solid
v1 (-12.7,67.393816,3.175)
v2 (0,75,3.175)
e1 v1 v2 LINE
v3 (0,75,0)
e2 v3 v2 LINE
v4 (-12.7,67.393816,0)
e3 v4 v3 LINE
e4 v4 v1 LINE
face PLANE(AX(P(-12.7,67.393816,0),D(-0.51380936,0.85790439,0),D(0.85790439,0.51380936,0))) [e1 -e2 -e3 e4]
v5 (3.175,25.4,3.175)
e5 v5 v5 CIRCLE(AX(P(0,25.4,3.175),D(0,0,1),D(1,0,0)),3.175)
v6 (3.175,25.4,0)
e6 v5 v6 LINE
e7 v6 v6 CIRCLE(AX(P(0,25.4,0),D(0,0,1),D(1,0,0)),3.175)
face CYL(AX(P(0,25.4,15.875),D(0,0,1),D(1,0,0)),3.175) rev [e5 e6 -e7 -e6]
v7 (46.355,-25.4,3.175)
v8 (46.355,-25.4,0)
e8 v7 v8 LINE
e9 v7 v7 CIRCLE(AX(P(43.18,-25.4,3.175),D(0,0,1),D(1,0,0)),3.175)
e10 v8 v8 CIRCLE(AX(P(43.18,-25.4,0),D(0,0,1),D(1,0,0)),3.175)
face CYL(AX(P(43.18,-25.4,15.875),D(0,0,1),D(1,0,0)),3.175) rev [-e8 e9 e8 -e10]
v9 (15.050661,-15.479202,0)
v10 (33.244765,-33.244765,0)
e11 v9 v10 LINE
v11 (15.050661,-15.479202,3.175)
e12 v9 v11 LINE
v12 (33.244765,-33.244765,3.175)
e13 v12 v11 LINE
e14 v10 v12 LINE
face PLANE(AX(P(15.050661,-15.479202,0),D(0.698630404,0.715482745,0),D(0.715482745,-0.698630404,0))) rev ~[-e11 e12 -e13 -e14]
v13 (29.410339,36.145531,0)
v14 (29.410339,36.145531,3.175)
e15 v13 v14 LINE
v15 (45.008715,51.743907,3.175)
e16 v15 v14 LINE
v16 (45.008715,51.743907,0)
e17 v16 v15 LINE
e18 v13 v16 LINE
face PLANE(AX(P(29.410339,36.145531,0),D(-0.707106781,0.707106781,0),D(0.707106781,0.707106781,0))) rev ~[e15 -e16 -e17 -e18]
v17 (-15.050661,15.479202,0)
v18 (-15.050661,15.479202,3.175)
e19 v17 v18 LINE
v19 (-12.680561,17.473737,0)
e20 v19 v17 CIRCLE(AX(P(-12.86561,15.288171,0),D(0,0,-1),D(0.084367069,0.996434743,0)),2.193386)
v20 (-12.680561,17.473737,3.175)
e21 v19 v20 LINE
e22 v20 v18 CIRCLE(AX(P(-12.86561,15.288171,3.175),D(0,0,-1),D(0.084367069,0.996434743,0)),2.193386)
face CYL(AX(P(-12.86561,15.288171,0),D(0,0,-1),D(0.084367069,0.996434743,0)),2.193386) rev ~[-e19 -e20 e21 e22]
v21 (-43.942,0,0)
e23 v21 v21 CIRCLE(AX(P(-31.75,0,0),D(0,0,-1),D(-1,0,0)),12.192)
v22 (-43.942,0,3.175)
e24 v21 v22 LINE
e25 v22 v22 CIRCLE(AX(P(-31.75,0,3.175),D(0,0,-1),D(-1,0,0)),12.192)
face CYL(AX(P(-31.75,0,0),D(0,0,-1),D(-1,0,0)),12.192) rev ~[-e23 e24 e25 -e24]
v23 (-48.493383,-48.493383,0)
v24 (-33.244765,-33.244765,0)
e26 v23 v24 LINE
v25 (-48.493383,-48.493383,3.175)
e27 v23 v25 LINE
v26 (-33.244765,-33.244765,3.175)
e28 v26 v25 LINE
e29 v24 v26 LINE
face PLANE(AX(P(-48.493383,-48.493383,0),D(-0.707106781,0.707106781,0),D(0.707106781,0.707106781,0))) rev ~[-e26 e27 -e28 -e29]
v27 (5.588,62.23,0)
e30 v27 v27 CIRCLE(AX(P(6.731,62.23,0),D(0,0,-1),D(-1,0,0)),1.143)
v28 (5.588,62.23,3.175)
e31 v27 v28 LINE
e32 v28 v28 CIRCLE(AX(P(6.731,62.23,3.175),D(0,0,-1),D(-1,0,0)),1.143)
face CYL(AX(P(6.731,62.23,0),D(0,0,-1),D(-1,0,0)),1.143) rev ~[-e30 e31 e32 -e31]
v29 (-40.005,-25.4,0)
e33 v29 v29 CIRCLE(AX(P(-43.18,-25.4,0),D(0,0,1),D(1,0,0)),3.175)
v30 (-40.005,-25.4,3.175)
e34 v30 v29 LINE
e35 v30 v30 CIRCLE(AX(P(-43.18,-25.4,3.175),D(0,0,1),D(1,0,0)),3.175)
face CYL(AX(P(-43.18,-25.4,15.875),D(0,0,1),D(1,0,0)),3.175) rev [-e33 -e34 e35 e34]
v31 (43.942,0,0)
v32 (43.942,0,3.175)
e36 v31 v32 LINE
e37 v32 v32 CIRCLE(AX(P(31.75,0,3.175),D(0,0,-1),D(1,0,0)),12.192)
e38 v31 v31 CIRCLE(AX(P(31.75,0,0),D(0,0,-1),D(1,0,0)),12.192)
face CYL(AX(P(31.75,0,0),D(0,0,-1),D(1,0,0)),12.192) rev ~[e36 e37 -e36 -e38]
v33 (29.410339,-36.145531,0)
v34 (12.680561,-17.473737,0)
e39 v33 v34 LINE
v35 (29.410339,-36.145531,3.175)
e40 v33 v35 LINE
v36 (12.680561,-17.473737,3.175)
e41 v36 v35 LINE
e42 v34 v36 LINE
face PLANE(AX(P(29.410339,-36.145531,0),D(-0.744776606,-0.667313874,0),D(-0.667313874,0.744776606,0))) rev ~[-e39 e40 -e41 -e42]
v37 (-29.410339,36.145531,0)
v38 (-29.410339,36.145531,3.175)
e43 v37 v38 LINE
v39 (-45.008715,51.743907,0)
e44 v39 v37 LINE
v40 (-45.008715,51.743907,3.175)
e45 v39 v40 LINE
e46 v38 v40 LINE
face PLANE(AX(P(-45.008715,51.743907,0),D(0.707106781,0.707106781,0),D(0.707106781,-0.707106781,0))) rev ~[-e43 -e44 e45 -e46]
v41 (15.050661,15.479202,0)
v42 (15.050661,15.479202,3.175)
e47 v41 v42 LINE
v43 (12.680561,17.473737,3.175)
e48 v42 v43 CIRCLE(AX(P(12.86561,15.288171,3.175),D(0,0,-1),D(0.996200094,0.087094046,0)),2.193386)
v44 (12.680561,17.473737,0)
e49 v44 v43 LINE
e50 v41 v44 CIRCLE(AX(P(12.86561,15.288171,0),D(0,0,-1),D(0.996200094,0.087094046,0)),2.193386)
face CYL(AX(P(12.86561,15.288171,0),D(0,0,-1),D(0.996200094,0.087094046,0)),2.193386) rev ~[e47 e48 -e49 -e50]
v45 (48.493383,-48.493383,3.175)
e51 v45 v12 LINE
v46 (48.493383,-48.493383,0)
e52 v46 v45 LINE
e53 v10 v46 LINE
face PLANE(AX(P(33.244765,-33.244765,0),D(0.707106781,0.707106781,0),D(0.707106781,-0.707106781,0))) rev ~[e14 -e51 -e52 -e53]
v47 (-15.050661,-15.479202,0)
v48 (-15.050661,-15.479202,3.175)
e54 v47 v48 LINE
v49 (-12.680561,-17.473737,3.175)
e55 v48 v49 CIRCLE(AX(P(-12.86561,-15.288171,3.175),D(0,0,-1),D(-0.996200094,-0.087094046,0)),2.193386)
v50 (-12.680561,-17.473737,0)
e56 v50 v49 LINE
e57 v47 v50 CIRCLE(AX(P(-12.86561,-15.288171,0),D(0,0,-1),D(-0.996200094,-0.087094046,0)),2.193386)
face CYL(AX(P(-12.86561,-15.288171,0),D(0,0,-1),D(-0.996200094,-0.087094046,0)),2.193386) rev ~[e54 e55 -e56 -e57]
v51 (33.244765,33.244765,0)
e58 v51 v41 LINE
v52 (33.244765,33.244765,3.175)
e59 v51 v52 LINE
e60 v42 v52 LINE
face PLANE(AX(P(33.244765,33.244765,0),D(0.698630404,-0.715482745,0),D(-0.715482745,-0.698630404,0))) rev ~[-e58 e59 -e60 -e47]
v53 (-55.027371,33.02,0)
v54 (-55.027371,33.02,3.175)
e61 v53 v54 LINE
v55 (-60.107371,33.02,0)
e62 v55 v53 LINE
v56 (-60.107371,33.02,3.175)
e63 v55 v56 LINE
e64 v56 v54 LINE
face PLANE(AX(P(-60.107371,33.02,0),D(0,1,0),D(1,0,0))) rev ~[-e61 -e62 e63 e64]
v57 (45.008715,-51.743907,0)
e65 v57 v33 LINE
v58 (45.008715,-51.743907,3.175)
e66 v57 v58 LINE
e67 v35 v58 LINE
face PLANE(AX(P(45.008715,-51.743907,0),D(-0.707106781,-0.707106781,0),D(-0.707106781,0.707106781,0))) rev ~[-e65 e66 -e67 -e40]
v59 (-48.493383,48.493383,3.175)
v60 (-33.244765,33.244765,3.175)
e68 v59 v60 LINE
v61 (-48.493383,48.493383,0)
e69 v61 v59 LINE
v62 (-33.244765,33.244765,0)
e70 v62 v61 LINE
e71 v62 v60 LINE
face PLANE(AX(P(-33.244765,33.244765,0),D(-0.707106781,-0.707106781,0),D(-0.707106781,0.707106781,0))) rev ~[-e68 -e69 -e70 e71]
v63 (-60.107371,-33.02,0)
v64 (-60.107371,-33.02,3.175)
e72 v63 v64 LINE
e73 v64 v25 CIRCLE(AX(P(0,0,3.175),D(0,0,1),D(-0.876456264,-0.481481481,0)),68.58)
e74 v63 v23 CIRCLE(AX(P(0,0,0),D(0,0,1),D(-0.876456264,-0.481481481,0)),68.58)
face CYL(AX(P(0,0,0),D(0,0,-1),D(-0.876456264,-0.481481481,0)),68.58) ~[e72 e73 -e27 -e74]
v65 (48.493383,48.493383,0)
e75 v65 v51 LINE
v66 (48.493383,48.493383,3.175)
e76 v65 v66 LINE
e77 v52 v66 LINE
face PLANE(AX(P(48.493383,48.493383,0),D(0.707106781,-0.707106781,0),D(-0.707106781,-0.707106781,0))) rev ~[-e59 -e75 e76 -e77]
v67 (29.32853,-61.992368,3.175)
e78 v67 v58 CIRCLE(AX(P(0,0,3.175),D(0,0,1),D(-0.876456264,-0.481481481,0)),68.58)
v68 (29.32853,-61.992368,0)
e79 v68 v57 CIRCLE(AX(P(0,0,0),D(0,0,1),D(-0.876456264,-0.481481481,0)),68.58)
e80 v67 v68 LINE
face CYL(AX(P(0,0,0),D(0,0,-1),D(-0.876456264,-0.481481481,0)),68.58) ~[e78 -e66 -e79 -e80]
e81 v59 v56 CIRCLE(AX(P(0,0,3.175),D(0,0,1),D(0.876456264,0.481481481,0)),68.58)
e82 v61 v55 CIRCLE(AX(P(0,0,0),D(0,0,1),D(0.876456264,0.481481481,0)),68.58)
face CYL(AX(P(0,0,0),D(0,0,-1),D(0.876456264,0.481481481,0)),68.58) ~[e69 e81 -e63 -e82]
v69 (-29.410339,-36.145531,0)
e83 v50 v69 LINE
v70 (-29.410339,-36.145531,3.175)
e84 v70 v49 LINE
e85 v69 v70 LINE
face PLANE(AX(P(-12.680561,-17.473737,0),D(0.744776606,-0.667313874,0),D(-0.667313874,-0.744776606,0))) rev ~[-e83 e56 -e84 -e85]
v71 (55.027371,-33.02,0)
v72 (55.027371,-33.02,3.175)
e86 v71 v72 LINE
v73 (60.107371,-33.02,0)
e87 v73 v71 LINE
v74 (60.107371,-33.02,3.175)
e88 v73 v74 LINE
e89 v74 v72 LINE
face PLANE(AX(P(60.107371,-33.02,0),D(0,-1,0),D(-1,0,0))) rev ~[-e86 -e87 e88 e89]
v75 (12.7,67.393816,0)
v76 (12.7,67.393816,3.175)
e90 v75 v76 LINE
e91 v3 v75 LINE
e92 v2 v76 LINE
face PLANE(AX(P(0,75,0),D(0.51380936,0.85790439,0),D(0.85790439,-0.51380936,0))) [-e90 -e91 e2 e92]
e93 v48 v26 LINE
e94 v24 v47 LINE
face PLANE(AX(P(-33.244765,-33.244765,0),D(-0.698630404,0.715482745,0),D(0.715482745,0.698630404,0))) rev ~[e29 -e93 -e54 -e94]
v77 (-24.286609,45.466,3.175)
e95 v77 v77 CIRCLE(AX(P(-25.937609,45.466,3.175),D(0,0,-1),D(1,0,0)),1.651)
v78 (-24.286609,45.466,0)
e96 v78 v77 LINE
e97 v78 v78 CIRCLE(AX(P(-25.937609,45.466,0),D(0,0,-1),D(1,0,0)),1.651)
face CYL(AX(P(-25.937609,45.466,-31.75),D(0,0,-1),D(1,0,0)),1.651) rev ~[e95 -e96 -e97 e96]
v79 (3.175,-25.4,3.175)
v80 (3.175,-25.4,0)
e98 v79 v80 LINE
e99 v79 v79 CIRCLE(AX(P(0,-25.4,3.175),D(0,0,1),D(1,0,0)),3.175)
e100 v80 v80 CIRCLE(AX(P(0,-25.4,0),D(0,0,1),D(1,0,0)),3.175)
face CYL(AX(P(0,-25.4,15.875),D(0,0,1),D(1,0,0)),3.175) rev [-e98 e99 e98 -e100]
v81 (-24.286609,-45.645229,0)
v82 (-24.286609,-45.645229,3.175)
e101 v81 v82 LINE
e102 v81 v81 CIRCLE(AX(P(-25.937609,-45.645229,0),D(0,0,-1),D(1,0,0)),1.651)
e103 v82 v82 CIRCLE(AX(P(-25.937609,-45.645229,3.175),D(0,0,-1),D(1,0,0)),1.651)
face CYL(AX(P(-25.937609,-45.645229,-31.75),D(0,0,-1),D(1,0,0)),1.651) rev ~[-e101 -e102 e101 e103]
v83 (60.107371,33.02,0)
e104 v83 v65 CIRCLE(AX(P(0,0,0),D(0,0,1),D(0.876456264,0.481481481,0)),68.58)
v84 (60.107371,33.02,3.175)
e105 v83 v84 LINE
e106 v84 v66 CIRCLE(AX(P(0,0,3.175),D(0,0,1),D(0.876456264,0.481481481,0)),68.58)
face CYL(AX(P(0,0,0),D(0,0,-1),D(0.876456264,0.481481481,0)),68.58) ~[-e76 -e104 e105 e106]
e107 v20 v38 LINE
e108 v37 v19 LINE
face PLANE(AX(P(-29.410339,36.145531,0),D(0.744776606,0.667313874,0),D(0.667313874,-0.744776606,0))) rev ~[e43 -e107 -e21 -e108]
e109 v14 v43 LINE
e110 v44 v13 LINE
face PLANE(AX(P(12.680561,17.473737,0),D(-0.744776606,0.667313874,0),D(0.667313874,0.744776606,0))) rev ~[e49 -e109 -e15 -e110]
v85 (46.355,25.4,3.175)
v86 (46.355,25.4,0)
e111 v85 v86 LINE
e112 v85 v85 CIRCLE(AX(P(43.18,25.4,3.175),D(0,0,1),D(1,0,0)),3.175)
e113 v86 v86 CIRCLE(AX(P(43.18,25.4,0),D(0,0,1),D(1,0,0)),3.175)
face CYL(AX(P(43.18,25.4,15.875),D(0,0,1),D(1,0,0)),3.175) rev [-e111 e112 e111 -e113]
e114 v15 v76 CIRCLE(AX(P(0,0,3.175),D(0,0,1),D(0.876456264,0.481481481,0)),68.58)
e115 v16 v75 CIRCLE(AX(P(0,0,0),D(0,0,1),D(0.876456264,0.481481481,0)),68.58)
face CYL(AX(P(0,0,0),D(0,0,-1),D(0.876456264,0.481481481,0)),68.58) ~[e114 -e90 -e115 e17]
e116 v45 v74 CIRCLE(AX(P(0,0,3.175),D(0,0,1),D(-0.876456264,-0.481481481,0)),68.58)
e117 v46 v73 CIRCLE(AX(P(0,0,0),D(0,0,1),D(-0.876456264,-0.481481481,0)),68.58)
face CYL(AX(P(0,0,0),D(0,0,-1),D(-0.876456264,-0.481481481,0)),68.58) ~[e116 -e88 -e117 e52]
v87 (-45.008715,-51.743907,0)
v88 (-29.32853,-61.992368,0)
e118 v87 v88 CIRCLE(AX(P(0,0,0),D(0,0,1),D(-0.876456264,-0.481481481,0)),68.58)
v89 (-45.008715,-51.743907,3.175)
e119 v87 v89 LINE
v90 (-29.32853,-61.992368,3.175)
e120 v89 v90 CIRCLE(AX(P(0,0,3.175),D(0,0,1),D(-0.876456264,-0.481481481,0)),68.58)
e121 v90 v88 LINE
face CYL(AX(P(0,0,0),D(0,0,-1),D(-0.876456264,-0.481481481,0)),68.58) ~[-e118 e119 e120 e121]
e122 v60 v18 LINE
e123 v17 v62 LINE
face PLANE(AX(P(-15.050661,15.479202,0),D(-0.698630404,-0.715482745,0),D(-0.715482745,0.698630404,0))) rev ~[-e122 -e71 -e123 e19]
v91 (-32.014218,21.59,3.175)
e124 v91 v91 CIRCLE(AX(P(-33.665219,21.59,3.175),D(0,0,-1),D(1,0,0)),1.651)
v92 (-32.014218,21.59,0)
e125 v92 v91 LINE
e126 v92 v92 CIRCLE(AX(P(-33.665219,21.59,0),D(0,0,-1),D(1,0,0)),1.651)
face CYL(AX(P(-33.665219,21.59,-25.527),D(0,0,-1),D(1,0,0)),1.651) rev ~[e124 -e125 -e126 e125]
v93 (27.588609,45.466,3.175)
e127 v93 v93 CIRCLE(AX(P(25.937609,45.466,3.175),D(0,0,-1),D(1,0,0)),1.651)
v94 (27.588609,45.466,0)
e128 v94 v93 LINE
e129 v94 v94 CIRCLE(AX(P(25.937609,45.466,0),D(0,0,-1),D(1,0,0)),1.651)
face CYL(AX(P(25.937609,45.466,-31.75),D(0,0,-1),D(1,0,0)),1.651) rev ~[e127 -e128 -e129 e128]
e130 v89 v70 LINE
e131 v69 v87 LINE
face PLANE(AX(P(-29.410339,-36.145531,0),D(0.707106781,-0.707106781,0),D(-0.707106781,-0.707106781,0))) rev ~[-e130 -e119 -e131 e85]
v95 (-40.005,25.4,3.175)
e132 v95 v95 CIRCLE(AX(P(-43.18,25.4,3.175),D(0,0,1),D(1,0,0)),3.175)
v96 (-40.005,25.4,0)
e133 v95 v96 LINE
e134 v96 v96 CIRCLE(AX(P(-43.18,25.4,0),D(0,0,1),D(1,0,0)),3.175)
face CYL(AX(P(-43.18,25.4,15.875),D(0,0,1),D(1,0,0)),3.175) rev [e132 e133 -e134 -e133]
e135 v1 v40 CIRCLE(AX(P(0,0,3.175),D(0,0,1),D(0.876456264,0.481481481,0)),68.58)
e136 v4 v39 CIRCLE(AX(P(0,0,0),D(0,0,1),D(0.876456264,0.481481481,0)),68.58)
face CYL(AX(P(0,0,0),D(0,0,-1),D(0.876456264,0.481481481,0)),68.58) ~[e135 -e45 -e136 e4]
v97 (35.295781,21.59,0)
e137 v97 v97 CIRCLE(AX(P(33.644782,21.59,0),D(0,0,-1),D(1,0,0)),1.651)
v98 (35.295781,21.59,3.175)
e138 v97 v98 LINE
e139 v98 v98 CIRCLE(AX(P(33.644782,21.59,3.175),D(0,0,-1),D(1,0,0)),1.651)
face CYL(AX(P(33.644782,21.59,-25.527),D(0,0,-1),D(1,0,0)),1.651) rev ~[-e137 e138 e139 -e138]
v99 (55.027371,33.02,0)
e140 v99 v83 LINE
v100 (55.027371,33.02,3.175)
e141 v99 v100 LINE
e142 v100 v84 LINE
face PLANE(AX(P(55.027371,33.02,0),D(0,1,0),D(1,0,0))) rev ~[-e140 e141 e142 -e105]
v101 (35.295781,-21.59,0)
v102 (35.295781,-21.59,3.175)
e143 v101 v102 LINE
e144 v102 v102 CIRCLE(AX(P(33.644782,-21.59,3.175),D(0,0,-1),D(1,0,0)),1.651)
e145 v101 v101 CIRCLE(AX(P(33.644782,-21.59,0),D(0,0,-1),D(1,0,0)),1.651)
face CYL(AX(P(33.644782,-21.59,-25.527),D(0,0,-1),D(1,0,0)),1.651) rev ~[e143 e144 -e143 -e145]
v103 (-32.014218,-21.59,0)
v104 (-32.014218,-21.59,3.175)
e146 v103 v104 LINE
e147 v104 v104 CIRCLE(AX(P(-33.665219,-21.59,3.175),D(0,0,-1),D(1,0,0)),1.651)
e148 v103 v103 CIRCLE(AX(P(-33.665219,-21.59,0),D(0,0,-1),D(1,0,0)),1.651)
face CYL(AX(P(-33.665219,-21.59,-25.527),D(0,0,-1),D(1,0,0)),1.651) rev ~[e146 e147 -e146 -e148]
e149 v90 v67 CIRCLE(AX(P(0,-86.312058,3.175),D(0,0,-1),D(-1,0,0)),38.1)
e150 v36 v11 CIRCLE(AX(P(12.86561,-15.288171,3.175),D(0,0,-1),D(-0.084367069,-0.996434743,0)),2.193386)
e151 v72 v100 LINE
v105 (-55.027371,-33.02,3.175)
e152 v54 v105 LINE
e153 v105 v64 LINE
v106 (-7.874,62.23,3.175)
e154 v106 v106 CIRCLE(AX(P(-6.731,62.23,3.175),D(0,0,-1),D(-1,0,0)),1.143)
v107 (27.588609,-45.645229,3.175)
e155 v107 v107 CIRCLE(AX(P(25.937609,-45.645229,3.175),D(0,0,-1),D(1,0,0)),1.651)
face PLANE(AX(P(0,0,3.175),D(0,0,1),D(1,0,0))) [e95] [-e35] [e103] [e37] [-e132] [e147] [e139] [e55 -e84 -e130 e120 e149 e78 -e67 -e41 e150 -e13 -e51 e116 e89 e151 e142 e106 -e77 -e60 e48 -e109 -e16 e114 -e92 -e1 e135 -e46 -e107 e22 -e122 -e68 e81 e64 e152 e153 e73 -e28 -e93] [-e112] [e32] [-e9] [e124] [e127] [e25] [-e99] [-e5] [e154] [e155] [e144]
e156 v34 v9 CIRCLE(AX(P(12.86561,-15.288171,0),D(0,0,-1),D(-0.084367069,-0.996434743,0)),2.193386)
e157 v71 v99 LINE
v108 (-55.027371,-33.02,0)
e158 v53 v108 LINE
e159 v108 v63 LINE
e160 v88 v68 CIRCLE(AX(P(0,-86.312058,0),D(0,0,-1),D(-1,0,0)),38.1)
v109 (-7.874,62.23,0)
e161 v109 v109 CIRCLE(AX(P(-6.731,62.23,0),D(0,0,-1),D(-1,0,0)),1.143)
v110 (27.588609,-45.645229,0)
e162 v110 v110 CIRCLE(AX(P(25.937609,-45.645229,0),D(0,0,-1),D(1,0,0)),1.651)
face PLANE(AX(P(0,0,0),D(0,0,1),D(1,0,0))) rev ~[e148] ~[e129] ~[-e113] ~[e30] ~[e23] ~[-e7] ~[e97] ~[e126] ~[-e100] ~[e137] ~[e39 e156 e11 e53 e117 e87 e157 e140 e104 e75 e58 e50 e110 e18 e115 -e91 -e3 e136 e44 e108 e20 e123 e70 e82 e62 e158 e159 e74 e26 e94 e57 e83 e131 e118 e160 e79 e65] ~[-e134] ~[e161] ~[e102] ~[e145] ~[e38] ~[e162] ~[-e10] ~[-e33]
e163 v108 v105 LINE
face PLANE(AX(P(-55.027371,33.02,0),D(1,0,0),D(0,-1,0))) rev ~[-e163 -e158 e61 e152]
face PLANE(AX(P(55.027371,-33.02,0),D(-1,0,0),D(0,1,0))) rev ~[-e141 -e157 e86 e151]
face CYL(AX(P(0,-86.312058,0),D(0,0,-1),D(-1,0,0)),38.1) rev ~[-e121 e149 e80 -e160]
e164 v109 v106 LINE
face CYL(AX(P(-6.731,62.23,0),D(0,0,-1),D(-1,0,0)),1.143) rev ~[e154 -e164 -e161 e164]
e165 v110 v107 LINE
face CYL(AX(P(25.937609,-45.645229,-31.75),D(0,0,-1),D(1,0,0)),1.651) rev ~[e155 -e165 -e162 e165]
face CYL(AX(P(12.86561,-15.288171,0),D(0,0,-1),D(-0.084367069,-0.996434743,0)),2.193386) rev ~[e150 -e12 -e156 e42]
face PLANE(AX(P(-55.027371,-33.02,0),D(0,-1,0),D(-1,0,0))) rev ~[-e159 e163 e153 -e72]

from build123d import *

# Parameters (mm, degrees)
BOSS_EXTRUDE2_DEPTH      = 3.175
SKETCH4_R                = 38.1
CUT_EXTRUDE3_DEPTH       = 92.247975457
CUT_EXTRUDE6_DEPTH       = 92.247975457
BOSS_EXTRUDE3_DEPTH      = 3.175
SKETCH12_R               = 1.143
CUT_EXTRUDE9_DEPTH       = 97.166400707
SKETCH14_R               = 3.175
CUT_EXTRUDE11_DEPTH      = 103.378
CUT_EXTRUDE11_DEPTH_BACK = 116.832157669
SKETCH15_R               = 1.651
CUT_EXTRUDE12_DEPTH      = 75.692
SKETCH17_R               = 1.651
CUT_EXTRUDE14_DEPTH      = 97.79
SKETCH18_R               = 12.192
CUT_EXTRUDE15_DEPTH      = 35.56


with BuildPart() as part:
    # Sketch1 → Boss-Extrude2 (new body)
    with BuildSketch(Plane.XY):
        with BuildLine():
            Line((-60.107370596, 33.02), (-55.027370596, 33.02))
            Line((-55.027370596, 33.02), (-55.027370596, -33.02))
            Line((-55.027370596, -33.02), (-60.107370596, -33.02))
            ThreePointArc((-60.107370596, -33.02), (0, -68.58), (60.107370596, -33.02))
            Line((60.107370596, -33.02), (55.027370596, -33.02))
            Line((55.027370596, -33.02), (55.027370596, 33.02))
            Line((55.027370596, 33.02), (60.107370596, 33.02))
            ThreePointArc((60.107370596, 33.02), (0, 68.58), (-60.107370596, 33.02))
        make_face()
    extrude(amount=BOSS_EXTRUDE2_DEPTH)

    # Sketch4 → Cut-Extrude3 (cut, through all)
    with BuildSketch(Plane(origin=(0, 0, 0), x_dir=(-1, 0, 0), z_dir=(0, 0, -1))):
        with Locations((0, -86.312058398)):
            Circle(SKETCH4_R)
    extrude(amount=-CUT_EXTRUDE3_DEPTH, mode=Mode.SUBTRACT)

    # Sketch5 → Cut-Extrude6 (cut, through all)
    with BuildSketch(Plane(origin=(0, 0, 0), x_dir=(-1, 0, 0), z_dir=(0, 0, -1))):
        with BuildLine():
            ThreePointArc((45.008715274, -51.743907365), (46.779291091, -50.148921474), (48.493383054, -48.493383054))
            Line((48.493383054, -48.493383054), (33.244765274, -33.244765274))
            Line((33.244765274, -33.244765274), (15.050661462, -15.479201839))
            ThreePointArc((15.050661462, -15.479201839), (11.453327097, -13.609958514), (12.680560823, -17.473736785))
            Line((12.680560823, -17.473736785), (29.410338797, -36.145530887))
            Line((29.410338797, -36.145530887), (45.008715274, -51.743907365))
        make_face()
        with BuildLine():
            ThreePointArc((-48.493383054, -48.493383054), (-46.779291091, -50.148921474), (-45.008715274, -51.743907365))
            Line((-45.008715274, -51.743907365), (-29.410338797, -36.145530887))
            Line((-29.410338797, -36.145530887), (-12.680560823, -17.473736785))
            ThreePointArc((-12.680560823, -17.473736785), (-11.453327097, -13.609958514), (-15.050661462, -15.479201839))
            Line((-15.050661462, -15.479201839), (-33.244765274, -33.244765274))
            Line((-33.244765274, -33.244765274), (-48.493383054, -48.493383054))
        make_face()
        with BuildLine():
            Line((-29.410338797, 36.145530887), (-45.008715274, 51.743907365))
            ThreePointArc((-45.008715274, 51.743907365), (-46.779291091, 50.148921474), (-48.493383054, 48.493383054))
            Line((-48.493383054, 48.493383054), (-33.244765274, 33.244765274))
            Line((-33.244765274, 33.244765274), (-15.050661462, 15.479201839))
            ThreePointArc((-15.050661462, 15.479201839), (-11.453327097, 13.609958514), (-12.680560823, 17.473736785))
            Line((-12.680560823, 17.473736785), (-29.410338797, 36.145530887))
        make_face()
        with BuildLine():
            Line((33.244765274, 33.244765274), (48.493383054, 48.493383054))
            ThreePointArc((48.493383054, 48.493383054), (46.779291091, 50.148921474), (45.008715274, 51.743907365))
            Line((45.008715274, 51.743907365), (29.410338797, 36.145530887))
            Line((29.410338797, 36.145530887), (12.680560823, 17.473736785))
            ThreePointArc((12.680560823, 17.473736785), (11.453327097, 13.609958514), (15.050661462, 15.479201839))
            Line((15.050661462, 15.479201839), (33.244765274, 33.244765274))
        make_face()
    extrude(amount=-CUT_EXTRUDE6_DEPTH, mode=Mode.SUBTRACT)

    # Sketch9 → Boss-Extrude3 (add)
    with BuildSketch(Plane(origin=(0, 0, 0), x_dir=(-1, 0, 0), z_dir=(0, 0, -1))):
        with BuildLine():
            Line((12.7, 67.39381574), (0, 75))
            Line((0, 75), (-12.7, 67.39381574))
            ThreePointArc((-12.7, 67.39381574), (0, 68.58), (12.7, 67.39381574))
        make_face()
    extrude(amount=-BOSS_EXTRUDE3_DEPTH)

    # Sketch12 → Cut-Extrude9 (cut, through all)
    with BuildSketch(Plane(origin=(0, 0, 0), x_dir=(-1, 0, 0), z_dir=(0, 0, -1))):
        with Locations((6.731, 62.23)):
            Circle(SKETCH12_R)
        with Locations((-6.731, 62.23)):
            Circle(SKETCH12_R)
    extrude(amount=-CUT_EXTRUDE9_DEPTH, mode=Mode.SUBTRACT)

    # Sketch14 → Cut-Extrude11 (cut, two sides)
    with BuildSketch(Plane(origin=(30.092005081, 4.08352975, 15.875), x_dir=(-1, 0, 0), z_dir=(0, 0, -1))) as cut_extrude11_sk:
        with Locations(Location((-13.087994919, 21.31647025, 0), (0, 0, 180))):
            Circle(SKETCH14_R)
        with Locations(Location((73.272005081, 21.31647025, 0), (0, 0, 180))):
            Circle(SKETCH14_R)
        with Locations(Location((30.092005081, 21.31647025, 0), (0, 0, 180))):
            Circle(SKETCH14_R)
        with Locations(Location((73.272005081, -29.48352975, 0), (0, 0, 180))):
            Circle(SKETCH14_R)
        with Locations(Location((30.092005081, -29.48352975, 0), (0, 0, 180))):
            Circle(SKETCH14_R)
        with Locations(Location((-13.087994919, -29.48352975, 0), (0, 0, 180))):
            Circle(SKETCH14_R)
    extrude(amount=CUT_EXTRUDE11_DEPTH, mode=Mode.SUBTRACT)
    extrude(cut_extrude11_sk.sketch, amount=-CUT_EXTRUDE11_DEPTH_BACK, mode=Mode.SUBTRACT)

    # Sketch15 → Cut-Extrude12 (cut)
    with BuildSketch(Plane(origin=(30.092005081, 4.08352975, -25.527), x_dir=(-1, 0, 0), z_dir=(0, 0, -1))):
        with Locations(Location((63.757223581, 17.50647025, 0), (0, 0, 180))):
            Circle(SKETCH15_R)
        with Locations(Location((63.757223581, -25.67352975, 0), (0, 0, 180))):
            Circle(SKETCH15_R)
        with Locations(Location((-3.552776419, -25.67352975, 0), (0, 0, 180))):
            Circle(SKETCH15_R)
        with Locations(Location((-3.552776419, 17.50647025, 0), (0, 0, 180))):
            Circle(SKETCH15_R)
    extrude(amount=-CUT_EXTRUDE12_DEPTH, mode=Mode.SUBTRACT)

    # Sketch17 → Cut-Extrude14 (cut)
    with BuildSketch(Plane(origin=(30.092005081, 4.08352975, -31.75), x_dir=(-1, 0, 0), z_dir=(0, 0, -1))):
        with Locations(Location((4.154396091, -49.728759131, 0), (0, 0, 180))):
            Circle(SKETCH17_R)
        with Locations(Location((56.02961407, -49.728759131, 0), (0, 0, 180))):
            Circle(SKETCH17_R)
        with Locations(Location((4.154396091, 41.38247025, 0), (0, 0, 180))):
            Circle(SKETCH17_R)
        with Locations(Location((56.02961407, 41.38247025, 0), (0, 0, 180))):
            Circle(SKETCH17_R)
    extrude(amount=-CUT_EXTRUDE14_DEPTH, mode=Mode.SUBTRACT)

    # Sketch18 → Cut-Extrude15 (cut)
    with BuildSketch(Plane(origin=(0, 0, 0), x_dir=(-1, 0, 0), z_dir=(0, 0, -1))):
        with Locations((31.75, 0)):
            Circle(SKETCH18_R)
        with Locations(Location((-31.75, 0, 0), (0, 0, 180))):
            Circle(SKETCH18_R)
    extrude(amount=-CUT_EXTRUDE15_DEPTH, mode=Mode.SUBTRACT)


solid = part.part
